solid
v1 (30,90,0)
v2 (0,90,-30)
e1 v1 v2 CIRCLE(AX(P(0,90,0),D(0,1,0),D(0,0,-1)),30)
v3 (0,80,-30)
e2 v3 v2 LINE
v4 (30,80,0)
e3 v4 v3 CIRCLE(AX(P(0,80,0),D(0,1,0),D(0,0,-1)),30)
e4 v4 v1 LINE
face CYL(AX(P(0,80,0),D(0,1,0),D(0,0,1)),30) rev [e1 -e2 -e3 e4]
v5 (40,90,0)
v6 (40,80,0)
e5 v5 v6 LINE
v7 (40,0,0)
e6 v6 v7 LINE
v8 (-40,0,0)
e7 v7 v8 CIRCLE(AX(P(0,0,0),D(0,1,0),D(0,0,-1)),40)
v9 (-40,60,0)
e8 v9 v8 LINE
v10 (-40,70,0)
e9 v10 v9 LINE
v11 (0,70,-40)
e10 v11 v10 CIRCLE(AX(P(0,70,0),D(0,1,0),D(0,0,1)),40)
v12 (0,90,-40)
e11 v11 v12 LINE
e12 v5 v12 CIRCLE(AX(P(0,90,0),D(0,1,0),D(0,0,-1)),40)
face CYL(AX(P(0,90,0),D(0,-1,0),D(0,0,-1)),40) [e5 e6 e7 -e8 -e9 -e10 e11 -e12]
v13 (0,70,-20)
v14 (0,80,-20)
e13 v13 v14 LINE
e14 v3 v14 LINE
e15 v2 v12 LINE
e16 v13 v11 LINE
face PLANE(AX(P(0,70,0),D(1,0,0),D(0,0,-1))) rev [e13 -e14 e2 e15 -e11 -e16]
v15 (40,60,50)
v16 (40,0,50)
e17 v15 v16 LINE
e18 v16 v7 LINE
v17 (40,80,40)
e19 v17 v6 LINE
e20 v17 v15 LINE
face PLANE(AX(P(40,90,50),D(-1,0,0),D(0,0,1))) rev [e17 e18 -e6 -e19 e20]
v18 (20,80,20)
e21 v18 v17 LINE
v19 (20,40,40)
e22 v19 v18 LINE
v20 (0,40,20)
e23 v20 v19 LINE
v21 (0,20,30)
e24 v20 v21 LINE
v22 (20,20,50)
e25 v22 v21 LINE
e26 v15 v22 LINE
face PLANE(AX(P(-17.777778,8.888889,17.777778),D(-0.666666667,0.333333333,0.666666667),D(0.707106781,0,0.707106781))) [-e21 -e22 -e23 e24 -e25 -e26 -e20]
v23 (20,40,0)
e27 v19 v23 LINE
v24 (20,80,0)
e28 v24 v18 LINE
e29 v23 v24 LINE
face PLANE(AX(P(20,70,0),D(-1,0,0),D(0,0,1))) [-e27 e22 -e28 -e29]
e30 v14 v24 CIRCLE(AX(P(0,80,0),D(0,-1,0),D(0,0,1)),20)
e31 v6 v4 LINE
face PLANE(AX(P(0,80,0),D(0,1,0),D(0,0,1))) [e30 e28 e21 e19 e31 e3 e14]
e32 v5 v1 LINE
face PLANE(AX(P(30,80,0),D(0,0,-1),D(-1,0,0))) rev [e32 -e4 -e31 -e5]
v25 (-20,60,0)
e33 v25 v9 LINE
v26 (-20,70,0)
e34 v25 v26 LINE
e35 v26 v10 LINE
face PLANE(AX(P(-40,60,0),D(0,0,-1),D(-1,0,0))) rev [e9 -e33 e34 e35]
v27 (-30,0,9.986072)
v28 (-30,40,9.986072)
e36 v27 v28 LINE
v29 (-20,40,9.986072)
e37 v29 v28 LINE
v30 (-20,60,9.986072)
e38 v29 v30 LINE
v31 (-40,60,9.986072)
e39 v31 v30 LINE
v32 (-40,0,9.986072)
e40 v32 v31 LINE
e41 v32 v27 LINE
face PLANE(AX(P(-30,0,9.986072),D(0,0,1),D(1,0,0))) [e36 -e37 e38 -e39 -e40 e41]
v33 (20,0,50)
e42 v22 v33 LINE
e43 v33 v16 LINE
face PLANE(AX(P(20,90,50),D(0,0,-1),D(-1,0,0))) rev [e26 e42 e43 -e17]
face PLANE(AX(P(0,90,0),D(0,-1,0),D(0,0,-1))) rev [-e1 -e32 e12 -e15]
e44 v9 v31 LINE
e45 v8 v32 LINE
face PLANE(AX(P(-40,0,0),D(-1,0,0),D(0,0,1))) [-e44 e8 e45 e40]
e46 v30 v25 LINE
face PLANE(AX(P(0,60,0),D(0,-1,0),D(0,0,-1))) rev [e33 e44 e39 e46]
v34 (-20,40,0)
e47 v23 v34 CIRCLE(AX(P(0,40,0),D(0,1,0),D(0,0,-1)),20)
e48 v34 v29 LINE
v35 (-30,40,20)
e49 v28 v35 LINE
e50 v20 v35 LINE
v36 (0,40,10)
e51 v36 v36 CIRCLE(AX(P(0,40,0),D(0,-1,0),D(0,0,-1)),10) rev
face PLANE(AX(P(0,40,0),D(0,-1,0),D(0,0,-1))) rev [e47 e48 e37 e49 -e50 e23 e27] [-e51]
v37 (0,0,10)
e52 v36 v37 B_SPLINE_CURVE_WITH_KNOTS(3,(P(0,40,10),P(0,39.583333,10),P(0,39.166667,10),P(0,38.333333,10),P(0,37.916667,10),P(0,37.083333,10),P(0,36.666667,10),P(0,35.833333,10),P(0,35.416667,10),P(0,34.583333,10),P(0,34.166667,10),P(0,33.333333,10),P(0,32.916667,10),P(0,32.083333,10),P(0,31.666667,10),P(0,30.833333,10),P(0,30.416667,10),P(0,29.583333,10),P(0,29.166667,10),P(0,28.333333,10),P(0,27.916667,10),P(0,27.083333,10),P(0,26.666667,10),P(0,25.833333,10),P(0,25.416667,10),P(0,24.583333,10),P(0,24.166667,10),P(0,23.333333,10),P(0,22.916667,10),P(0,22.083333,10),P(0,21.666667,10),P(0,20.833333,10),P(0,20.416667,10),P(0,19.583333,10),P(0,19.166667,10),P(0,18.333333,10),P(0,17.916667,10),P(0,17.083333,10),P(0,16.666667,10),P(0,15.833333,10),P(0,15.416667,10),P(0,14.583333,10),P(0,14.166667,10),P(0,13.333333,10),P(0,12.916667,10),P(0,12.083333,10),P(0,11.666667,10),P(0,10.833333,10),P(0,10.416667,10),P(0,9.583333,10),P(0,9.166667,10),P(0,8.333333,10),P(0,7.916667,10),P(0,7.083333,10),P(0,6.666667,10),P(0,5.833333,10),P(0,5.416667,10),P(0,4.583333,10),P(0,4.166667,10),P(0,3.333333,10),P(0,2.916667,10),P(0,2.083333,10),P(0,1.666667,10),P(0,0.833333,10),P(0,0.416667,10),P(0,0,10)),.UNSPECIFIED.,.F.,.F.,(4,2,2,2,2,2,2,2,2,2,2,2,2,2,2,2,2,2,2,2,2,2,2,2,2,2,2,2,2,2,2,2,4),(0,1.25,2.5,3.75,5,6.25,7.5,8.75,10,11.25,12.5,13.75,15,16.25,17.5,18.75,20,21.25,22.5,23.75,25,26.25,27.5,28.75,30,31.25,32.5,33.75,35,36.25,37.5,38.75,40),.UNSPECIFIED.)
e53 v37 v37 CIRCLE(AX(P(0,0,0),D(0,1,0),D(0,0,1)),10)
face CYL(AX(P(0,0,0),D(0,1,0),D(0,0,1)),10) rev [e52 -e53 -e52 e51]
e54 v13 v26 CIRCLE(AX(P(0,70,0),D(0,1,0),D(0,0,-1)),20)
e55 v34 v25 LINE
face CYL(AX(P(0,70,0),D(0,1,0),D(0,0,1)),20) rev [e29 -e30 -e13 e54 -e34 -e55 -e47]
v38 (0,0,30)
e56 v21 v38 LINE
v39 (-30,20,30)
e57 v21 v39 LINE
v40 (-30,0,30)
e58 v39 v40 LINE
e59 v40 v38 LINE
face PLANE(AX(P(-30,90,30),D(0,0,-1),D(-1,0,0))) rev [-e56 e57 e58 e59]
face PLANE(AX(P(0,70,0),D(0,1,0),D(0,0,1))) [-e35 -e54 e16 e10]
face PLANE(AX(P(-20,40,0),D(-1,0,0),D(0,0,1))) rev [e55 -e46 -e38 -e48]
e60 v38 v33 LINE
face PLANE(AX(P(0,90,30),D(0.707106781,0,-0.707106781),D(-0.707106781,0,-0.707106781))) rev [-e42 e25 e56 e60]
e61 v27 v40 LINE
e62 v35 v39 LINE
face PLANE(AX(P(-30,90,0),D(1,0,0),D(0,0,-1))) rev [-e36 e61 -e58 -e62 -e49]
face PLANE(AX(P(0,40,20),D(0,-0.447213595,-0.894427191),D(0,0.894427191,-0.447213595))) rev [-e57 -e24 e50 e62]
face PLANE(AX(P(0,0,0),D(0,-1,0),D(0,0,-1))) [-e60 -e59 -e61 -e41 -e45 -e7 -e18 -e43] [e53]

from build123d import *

# Parameters (mm, degrees)
BOSS_EXTRUDE1_DEPTH = 90
SKETCH2_R           = 10
CUT_EXTRUDE1_DEPTH  = 90
CUT_EXTRUDE2_DEPTH  = 10
CUT_EXTRUDE3_DEPTH  = 20
SKETCH11_W          = 10
SKETCH11_H          = 9.986072288
BOSS_EXTRUDE2_DEPTH = 70
SKETCH12_W          = 20
SKETCH12_H          = 9.986072288
CUT_EXTRUDE11_DEPTH = 10
CUT_EXTRUDE25_DEPTH = 30
CUT_EXTRUDE26_DEPTH = 30
CUT_EXTRUDE27_DEPTH = 83


with BuildPart() as part:
    # Sketch1 → Boss-Extrude1 (new body)
    with BuildSketch(Plane(origin=(0, 0, 0), x_dir=(1, 0, 0), z_dir=(0, 1, 0))):
        with BuildLine():
            Line((-40, 0), (-30, 0))
            Line((-30, 0), (-30, -30))
            Line((-30, -30), (0, -30))
            Line((0, -30), (20, -50))
            Line((20, -50), (40, -50))
            Line((40, -50), (40, 0))
            ThreePointArc((40, 0), (0, 40), (-40, 0))
        make_face()
    extrude(amount=BOSS_EXTRUDE1_DEPTH)

    # Sketch2 → Cut-Extrude1 (cut)
    with BuildSketch(Plane(origin=(0, 90, 0), x_dir=(1, 0, 0), z_dir=(0, 1, 0))):
        with Locations(Location((0, 0, 0), (0, 0, 270))):
            Circle(SKETCH2_R)
    extrude(amount=-CUT_EXTRUDE1_DEPTH, mode=Mode.SUBTRACT)

    # Sketch3 → Cut-Extrude2 (cut)
    with BuildSketch(Plane(origin=(0, 90, 0), x_dir=(1, 0, 0), z_dir=(0, 1, 0))):
        with BuildLine():
            Line((30, 0), (40, 0))
            Line((40, 0), (40, -40))
            Line((40, -40), (20, -20))
            Line((20, -20), (20, 0))
            ThreePointArc((20, 0), (14.142135624, 14.142135624), (0, 20))
            Line((0, 20), (0, 30))
            ThreePointArc((0, 30), (21.213203436, 21.213203436), (30, 0))
        make_face()
    extrude(amount=-CUT_EXTRUDE2_DEPTH, mode=Mode.SUBTRACT)

    # Sketch4 → Cut-Extrude3 (cut)
    with BuildSketch(Plane(origin=(0, 90, 0), x_dir=(1, 0, 0), z_dir=(0, 1, 0))):
        with BuildLine():
            Line((0, 40), (0, 20))
            ThreePointArc((0, 20), (14.142135624, 14.142135624), (20, 0))
            Line((20, 0), (20, -20))
            Line((20, -20), (20, -59.206848118))
            Line((20, -59.206848118), (-30, -59.206848118))
            Line((-30, -59.206848118), (-30, 0))
            Line((-30, 0), (-40, 0))
            ThreePointArc((-40, 0), (-28.284271247, 28.284271247), (0, 40))
        make_face()
    extrude(amount=-CUT_EXTRUDE3_DEPTH, mode=Mode.SUBTRACT)

    # Sketch11 → Boss-Extrude2 (add)
    with BuildSketch(Plane(origin=(0, 70, 0), x_dir=(1, 0, 0), z_dir=(0, 1, 0))):
        with Locations((-35, -4.993036144)):
            Rectangle(SKETCH11_W, SKETCH11_H)
    extrude(amount=-BOSS_EXTRUDE2_DEPTH)

    # Sketch12 → Cut-Extrude11 (cut)
    with BuildSketch(Plane(origin=(0, 70, 0), x_dir=(1, 0, 0), z_dir=(0, 1, 0))):
        with Locations((-30, -4.993036144)):
            Rectangle(SKETCH12_W, SKETCH12_H)
    extrude(amount=-CUT_EXTRUDE11_DEPTH, mode=Mode.SUBTRACT)

    # Sketch21 → Cut-Extrude25 (cut)
    with BuildSketch(Plane(origin=(0, 70, 0), x_dir=(1, 0, 0), z_dir=(0, 1, 0))):
        with BuildLine():
            Line((-20, 0), (-20, -9.986072288))
            Line((-20, -9.986072288), (-30, -9.986072288))
            Line((-30, -9.986072288), (-30, -30))
            Line((-30, -30), (-20, -30))
            Line((-20, -30), (-20, -44.965046587))
            Line((-20, -44.965046587), (20, -44.965046587))
            Line((20, -44.965046587), (20, 0))
            ThreePointArc((20, 0), (0, 20), (-20, 0))
        make_face()
    extrude(amount=-CUT_EXTRUDE25_DEPTH, mode=Mode.SUBTRACT)

    # Sketch22 → Cut-Extrude26 (cut)
    with BuildSketch(Plane.ZY.offset(30)):
        Polygon((20, 40), (30, 20), (30, 40), align=None)
    extrude(amount=-CUT_EXTRUDE26_DEPTH, mode=Mode.SUBTRACT)

    # 3DSketch3 → Cut-Extrude27 (cut, along a direction that is not the sketch's normal)
    with BuildSketch(Plane(origin=(0, 20, 30), x_dir=(0.549442255794756, 0.8241633836921342, 0.1373605639486891), z_dir=(-0.6666666666666666, 0.3333333333333332, 0.6666666666666669))):
        Polygon((0, 0), (15.109662034, 16.483267674), (28.845718429, -8.241633837), (59.065042498, 24.724901511), (72.801098893, 0), (57.691436858, -16.483267674), (13.736056395, -24.724901511), align=None)
    extrude(amount=CUT_EXTRUDE27_DEPTH, dir=(0, 1, 0), mode=Mode.SUBTRACT)


solid = part.part
